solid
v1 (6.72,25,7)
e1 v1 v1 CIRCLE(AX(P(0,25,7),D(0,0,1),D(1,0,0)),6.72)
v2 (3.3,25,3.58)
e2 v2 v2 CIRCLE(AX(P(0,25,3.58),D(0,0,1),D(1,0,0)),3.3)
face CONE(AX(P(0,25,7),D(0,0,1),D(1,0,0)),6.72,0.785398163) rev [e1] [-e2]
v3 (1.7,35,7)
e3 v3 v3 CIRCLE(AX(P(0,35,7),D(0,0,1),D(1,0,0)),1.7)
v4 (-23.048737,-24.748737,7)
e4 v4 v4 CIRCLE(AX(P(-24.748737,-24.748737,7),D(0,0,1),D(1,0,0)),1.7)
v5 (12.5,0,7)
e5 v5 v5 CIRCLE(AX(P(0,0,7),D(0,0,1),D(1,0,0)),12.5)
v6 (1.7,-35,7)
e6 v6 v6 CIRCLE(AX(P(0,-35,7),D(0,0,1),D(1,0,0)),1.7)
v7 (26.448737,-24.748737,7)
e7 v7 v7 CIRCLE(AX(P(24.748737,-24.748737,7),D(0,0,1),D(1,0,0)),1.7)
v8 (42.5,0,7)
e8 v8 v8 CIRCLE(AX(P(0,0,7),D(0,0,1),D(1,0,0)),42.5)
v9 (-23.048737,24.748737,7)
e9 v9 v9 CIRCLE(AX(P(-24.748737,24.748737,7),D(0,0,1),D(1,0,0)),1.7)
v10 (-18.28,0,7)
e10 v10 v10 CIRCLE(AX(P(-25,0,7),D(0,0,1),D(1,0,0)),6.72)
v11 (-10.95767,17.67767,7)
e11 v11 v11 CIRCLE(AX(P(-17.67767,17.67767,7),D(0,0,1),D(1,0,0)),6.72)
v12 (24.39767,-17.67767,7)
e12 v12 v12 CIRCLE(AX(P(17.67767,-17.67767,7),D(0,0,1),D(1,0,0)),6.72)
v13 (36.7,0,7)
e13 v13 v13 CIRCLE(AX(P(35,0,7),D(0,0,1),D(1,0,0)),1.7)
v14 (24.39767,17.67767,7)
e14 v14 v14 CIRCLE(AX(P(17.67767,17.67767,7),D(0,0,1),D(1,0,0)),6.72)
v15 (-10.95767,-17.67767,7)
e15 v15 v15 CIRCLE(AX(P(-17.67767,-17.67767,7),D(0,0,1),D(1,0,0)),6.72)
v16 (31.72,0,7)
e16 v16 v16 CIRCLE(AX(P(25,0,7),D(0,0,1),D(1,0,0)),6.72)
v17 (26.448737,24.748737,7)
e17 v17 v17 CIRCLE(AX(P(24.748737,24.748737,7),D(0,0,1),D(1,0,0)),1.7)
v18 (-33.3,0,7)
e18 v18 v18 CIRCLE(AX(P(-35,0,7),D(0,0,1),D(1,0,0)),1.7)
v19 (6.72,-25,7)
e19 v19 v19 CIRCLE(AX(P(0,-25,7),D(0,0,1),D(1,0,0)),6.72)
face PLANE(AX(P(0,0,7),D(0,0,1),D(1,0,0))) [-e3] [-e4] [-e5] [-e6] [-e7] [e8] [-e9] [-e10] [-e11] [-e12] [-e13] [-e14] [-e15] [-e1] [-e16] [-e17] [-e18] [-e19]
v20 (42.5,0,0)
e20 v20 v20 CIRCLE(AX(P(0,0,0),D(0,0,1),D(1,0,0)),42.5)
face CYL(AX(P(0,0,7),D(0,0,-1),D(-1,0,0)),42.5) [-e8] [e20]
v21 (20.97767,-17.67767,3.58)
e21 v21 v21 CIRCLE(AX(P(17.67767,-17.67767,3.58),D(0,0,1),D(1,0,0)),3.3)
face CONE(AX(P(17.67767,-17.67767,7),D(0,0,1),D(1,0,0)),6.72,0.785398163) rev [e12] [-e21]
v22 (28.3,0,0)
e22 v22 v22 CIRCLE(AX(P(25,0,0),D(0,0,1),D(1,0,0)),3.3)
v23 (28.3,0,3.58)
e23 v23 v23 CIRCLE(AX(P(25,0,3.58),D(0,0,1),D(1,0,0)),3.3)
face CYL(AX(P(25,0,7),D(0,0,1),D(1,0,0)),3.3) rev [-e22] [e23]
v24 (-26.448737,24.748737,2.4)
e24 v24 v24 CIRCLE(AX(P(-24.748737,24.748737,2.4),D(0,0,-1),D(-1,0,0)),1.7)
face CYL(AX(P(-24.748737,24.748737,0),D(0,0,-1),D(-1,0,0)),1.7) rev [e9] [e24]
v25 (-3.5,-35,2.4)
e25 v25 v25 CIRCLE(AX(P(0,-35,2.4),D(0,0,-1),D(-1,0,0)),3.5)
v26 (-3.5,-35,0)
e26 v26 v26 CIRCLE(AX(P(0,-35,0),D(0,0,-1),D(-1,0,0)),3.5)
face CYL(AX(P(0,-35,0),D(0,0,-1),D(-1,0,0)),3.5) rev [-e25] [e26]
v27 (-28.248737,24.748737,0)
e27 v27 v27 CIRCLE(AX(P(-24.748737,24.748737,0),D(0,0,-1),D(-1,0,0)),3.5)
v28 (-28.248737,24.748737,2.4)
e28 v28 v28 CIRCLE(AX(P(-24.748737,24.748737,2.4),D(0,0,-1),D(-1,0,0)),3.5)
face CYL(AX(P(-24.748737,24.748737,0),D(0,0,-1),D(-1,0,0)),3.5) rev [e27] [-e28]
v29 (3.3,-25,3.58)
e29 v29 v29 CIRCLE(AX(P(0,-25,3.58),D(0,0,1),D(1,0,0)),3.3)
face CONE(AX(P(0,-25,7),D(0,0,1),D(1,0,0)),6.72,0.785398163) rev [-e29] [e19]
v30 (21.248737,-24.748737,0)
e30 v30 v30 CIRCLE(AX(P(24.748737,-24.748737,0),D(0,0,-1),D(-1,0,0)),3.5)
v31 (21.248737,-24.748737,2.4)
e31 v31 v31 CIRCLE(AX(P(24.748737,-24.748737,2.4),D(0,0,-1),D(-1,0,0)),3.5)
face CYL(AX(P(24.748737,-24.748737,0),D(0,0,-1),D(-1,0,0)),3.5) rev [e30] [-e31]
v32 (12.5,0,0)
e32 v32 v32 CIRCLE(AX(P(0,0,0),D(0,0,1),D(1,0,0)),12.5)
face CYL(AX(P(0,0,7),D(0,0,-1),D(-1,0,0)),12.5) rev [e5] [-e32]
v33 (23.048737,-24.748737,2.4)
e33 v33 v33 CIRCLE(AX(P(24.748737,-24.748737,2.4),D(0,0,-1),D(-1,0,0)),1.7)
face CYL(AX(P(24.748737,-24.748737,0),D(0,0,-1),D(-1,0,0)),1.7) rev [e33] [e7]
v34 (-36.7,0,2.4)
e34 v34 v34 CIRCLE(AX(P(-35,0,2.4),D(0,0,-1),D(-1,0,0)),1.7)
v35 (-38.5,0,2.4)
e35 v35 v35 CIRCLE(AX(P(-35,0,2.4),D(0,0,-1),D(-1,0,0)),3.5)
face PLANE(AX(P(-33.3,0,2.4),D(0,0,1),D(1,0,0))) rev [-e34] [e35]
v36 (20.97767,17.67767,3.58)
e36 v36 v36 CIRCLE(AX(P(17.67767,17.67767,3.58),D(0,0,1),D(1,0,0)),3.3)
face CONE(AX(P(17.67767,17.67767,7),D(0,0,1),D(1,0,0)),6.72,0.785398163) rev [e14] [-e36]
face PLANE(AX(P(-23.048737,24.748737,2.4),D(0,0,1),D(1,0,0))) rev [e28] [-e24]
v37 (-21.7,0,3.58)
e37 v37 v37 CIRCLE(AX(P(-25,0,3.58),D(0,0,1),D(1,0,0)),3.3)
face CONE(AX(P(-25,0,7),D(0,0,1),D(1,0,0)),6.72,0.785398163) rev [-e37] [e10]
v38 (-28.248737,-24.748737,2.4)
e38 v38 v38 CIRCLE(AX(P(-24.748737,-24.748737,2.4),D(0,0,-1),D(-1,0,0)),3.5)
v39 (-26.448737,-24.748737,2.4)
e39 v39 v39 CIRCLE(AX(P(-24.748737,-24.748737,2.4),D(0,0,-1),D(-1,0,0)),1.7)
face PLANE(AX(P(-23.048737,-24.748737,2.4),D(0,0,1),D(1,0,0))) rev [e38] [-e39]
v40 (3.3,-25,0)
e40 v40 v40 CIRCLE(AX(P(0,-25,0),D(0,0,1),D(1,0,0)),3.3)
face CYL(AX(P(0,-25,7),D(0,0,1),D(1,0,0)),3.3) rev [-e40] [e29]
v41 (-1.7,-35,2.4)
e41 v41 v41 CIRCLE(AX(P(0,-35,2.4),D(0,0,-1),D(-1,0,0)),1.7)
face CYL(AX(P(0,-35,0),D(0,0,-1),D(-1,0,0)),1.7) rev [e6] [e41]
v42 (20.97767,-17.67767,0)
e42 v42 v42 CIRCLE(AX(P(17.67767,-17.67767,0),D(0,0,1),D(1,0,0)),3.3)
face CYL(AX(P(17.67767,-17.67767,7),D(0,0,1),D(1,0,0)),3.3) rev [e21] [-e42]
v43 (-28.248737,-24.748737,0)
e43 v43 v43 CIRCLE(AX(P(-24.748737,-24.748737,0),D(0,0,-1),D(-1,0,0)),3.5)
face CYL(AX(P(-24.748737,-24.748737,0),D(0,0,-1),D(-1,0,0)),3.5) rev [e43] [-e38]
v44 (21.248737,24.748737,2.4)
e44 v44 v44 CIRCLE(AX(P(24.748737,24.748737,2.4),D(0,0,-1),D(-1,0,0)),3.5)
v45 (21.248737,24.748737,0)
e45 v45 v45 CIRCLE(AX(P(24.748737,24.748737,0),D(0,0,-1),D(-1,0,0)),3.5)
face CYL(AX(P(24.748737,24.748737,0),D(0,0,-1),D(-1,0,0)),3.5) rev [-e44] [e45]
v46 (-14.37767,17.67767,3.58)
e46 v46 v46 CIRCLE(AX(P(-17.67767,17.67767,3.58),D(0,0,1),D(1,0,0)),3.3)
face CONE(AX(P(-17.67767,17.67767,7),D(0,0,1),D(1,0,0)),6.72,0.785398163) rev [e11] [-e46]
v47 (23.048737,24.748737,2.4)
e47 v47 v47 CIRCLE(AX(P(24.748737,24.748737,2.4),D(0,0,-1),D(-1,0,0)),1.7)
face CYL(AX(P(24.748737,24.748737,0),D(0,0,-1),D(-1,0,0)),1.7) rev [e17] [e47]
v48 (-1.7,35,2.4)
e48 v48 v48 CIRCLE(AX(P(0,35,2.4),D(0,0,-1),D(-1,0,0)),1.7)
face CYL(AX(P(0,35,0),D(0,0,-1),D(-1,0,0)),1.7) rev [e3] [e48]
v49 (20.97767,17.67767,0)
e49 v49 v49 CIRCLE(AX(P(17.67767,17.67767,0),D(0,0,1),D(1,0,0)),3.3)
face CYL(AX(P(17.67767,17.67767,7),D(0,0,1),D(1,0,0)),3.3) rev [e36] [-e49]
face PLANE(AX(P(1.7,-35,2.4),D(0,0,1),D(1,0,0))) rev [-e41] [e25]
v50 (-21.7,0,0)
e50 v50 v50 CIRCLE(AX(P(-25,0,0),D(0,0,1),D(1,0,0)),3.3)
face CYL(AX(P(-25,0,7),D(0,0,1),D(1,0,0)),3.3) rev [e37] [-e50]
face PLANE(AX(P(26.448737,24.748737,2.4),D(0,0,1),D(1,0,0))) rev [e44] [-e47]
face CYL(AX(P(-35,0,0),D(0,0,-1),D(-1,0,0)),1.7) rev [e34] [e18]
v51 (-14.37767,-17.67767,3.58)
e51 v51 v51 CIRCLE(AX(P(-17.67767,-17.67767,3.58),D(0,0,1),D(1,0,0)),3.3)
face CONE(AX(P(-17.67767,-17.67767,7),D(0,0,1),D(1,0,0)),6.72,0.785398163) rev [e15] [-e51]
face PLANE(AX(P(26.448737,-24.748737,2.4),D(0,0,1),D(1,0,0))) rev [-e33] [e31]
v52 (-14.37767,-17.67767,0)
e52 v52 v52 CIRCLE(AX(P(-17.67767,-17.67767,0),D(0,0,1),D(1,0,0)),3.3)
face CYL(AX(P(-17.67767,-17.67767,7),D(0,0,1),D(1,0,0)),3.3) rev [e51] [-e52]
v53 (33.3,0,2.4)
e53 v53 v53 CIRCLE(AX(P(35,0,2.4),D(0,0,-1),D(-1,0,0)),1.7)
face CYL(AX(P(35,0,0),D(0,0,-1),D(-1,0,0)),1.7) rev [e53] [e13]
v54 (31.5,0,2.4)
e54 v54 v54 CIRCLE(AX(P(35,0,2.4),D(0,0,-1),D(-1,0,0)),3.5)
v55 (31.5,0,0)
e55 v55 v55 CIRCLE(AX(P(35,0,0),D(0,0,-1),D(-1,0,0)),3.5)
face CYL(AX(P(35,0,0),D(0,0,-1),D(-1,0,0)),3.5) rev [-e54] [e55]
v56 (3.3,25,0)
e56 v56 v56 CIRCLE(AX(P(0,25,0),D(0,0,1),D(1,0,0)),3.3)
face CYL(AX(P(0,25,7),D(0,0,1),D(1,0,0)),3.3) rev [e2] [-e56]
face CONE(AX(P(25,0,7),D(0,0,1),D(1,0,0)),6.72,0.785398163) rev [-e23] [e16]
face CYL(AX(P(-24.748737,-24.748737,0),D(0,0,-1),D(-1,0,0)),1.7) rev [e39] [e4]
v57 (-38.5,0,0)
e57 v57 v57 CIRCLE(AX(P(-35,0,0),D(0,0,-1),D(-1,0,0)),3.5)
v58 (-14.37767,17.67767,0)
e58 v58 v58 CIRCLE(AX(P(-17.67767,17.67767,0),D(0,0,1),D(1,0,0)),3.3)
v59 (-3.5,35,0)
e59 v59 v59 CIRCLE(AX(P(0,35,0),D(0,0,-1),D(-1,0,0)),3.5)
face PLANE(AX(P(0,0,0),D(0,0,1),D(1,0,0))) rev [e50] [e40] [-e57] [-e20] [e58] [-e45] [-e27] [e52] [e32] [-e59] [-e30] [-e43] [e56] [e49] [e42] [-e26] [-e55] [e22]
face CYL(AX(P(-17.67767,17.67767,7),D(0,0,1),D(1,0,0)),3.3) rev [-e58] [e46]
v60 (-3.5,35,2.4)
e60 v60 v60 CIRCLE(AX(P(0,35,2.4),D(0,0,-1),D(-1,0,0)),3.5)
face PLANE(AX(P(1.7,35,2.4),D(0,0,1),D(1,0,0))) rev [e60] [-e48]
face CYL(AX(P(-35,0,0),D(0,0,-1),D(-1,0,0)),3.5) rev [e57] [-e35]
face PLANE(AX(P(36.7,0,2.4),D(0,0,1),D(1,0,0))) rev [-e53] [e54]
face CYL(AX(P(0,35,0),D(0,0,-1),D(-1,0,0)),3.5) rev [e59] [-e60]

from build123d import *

# Parameters (mm, degrees)
CROQUIS1_R                                           = 42.5
CROQUIS1_R_2                                         = 12.5
SALIENTE_EXTRUIR1_DEPTH                              = 7
REFRENTADO_PARA_TORNILLO_TAP_N_CON_CABEZ_D           = 6.6
REFRENTADO_PARA_TORNILLO_TAP_N_CON_CABEZ_DEPTH       = 10
REFRENTADO_PARA_TORNILLO_TAP_N_CON_CABEZ_CSINK_D     = 13.44
REFRENTADO_PARA_TORNILLO_TAP_N_CON_CABEZ_CSINK_ANGLE = 90
REFRENTADO_PARA_TORNILLO_TAP_N_CON_CABEZ_TIP         = 1.982840043
REFRENTADO_PARA_TORNILLO_CON_CABEZA_TRON_D           = 3.4
REFRENTADO_PARA_TORNILLO_CON_CABEZA_TRON_DEPTH       = 10
REFRENTADO_PARA_TORNILLO_CON_CABEZA_TRON_CBORE_D     = 7
REFRENTADO_PARA_TORNILLO_CON_CABEZA_TRON_CBORE_DEPTH = 2.4
REFRENTADO_PARA_TORNILLO_CON_CABEZA_TRON_TIP         = 1.021463052


with BuildPart() as part:
    # Croquis1 → Saliente-Extruir1 (new body)
    with BuildSketch(Plane.XY):
        Circle(CROQUIS1_R)
        Circle(CROQUIS1_R_2, mode=Mode.SUBTRACT)
    extrude(amount=SALIENTE_EXTRUIR1_DEPTH)

    # Refrentado para tornillo tapón con cabeza plana de clavija de M61
    with Locations(Plane.XY.offset(7)):
        with Locations((0, 25), (17.67766953, 17.67766953), (25, 0), (17.67766953, -17.67766953), (0, -25), (-17.67766953, -17.67766953), (-25, 0), (-17.67766953, 17.67766953)):
            CounterSinkHole(REFRENTADO_PARA_TORNILLO_TAP_N_CON_CABEZ_D / 2, REFRENTADO_PARA_TORNILLO_TAP_N_CON_CABEZ_CSINK_D / 2, depth=REFRENTADO_PARA_TORNILLO_TAP_N_CON_CABEZ_DEPTH, counter_sink_angle=REFRENTADO_PARA_TORNILLO_TAP_N_CON_CABEZ_CSINK_ANGLE)
            with Locations((0, 0, -(REFRENTADO_PARA_TORNILLO_TAP_N_CON_CABEZ_DEPTH + REFRENTADO_PARA_TORNILLO_TAP_N_CON_CABEZ_TIP / 2))):  # 118° drill point
                Cone(0, REFRENTADO_PARA_TORNILLO_TAP_N_CON_CABEZ_D / 2, REFRENTADO_PARA_TORNILLO_TAP_N_CON_CABEZ_TIP, mode=Mode.SUBTRACT)

    # Refrentado para tornillo con cabeza troncocónica de M32
    with Locations(Plane(origin=(0, 0, 0), x_dir=(-1, 0, 0), z_dir=(0, 0, -1))):
        with Locations((0, 35), (24.748737342, 24.748737342), (35, 0), (24.748737342, -24.748737342), (0, -35), (-24.748737342, -24.748737342), (-35, 0), (-24.748737342, 24.748737342)):
            CounterBoreHole(REFRENTADO_PARA_TORNILLO_CON_CABEZA_TRON_D / 2, REFRENTADO_PARA_TORNILLO_CON_CABEZA_TRON_CBORE_D / 2, REFRENTADO_PARA_TORNILLO_CON_CABEZA_TRON_CBORE_DEPTH, depth=REFRENTADO_PARA_TORNILLO_CON_CABEZA_TRON_DEPTH)
            with Locations((0, 0, -(REFRENTADO_PARA_TORNILLO_CON_CABEZA_TRON_DEPTH + REFRENTADO_PARA_TORNILLO_CON_CABEZA_TRON_TIP / 2))):  # 118° drill point
                Cone(0, REFRENTADO_PARA_TORNILLO_CON_CABEZA_TRON_D / 2, REFRENTADO_PARA_TORNILLO_CON_CABEZA_TRON_TIP, mode=Mode.SUBTRACT)


solid = part.part
